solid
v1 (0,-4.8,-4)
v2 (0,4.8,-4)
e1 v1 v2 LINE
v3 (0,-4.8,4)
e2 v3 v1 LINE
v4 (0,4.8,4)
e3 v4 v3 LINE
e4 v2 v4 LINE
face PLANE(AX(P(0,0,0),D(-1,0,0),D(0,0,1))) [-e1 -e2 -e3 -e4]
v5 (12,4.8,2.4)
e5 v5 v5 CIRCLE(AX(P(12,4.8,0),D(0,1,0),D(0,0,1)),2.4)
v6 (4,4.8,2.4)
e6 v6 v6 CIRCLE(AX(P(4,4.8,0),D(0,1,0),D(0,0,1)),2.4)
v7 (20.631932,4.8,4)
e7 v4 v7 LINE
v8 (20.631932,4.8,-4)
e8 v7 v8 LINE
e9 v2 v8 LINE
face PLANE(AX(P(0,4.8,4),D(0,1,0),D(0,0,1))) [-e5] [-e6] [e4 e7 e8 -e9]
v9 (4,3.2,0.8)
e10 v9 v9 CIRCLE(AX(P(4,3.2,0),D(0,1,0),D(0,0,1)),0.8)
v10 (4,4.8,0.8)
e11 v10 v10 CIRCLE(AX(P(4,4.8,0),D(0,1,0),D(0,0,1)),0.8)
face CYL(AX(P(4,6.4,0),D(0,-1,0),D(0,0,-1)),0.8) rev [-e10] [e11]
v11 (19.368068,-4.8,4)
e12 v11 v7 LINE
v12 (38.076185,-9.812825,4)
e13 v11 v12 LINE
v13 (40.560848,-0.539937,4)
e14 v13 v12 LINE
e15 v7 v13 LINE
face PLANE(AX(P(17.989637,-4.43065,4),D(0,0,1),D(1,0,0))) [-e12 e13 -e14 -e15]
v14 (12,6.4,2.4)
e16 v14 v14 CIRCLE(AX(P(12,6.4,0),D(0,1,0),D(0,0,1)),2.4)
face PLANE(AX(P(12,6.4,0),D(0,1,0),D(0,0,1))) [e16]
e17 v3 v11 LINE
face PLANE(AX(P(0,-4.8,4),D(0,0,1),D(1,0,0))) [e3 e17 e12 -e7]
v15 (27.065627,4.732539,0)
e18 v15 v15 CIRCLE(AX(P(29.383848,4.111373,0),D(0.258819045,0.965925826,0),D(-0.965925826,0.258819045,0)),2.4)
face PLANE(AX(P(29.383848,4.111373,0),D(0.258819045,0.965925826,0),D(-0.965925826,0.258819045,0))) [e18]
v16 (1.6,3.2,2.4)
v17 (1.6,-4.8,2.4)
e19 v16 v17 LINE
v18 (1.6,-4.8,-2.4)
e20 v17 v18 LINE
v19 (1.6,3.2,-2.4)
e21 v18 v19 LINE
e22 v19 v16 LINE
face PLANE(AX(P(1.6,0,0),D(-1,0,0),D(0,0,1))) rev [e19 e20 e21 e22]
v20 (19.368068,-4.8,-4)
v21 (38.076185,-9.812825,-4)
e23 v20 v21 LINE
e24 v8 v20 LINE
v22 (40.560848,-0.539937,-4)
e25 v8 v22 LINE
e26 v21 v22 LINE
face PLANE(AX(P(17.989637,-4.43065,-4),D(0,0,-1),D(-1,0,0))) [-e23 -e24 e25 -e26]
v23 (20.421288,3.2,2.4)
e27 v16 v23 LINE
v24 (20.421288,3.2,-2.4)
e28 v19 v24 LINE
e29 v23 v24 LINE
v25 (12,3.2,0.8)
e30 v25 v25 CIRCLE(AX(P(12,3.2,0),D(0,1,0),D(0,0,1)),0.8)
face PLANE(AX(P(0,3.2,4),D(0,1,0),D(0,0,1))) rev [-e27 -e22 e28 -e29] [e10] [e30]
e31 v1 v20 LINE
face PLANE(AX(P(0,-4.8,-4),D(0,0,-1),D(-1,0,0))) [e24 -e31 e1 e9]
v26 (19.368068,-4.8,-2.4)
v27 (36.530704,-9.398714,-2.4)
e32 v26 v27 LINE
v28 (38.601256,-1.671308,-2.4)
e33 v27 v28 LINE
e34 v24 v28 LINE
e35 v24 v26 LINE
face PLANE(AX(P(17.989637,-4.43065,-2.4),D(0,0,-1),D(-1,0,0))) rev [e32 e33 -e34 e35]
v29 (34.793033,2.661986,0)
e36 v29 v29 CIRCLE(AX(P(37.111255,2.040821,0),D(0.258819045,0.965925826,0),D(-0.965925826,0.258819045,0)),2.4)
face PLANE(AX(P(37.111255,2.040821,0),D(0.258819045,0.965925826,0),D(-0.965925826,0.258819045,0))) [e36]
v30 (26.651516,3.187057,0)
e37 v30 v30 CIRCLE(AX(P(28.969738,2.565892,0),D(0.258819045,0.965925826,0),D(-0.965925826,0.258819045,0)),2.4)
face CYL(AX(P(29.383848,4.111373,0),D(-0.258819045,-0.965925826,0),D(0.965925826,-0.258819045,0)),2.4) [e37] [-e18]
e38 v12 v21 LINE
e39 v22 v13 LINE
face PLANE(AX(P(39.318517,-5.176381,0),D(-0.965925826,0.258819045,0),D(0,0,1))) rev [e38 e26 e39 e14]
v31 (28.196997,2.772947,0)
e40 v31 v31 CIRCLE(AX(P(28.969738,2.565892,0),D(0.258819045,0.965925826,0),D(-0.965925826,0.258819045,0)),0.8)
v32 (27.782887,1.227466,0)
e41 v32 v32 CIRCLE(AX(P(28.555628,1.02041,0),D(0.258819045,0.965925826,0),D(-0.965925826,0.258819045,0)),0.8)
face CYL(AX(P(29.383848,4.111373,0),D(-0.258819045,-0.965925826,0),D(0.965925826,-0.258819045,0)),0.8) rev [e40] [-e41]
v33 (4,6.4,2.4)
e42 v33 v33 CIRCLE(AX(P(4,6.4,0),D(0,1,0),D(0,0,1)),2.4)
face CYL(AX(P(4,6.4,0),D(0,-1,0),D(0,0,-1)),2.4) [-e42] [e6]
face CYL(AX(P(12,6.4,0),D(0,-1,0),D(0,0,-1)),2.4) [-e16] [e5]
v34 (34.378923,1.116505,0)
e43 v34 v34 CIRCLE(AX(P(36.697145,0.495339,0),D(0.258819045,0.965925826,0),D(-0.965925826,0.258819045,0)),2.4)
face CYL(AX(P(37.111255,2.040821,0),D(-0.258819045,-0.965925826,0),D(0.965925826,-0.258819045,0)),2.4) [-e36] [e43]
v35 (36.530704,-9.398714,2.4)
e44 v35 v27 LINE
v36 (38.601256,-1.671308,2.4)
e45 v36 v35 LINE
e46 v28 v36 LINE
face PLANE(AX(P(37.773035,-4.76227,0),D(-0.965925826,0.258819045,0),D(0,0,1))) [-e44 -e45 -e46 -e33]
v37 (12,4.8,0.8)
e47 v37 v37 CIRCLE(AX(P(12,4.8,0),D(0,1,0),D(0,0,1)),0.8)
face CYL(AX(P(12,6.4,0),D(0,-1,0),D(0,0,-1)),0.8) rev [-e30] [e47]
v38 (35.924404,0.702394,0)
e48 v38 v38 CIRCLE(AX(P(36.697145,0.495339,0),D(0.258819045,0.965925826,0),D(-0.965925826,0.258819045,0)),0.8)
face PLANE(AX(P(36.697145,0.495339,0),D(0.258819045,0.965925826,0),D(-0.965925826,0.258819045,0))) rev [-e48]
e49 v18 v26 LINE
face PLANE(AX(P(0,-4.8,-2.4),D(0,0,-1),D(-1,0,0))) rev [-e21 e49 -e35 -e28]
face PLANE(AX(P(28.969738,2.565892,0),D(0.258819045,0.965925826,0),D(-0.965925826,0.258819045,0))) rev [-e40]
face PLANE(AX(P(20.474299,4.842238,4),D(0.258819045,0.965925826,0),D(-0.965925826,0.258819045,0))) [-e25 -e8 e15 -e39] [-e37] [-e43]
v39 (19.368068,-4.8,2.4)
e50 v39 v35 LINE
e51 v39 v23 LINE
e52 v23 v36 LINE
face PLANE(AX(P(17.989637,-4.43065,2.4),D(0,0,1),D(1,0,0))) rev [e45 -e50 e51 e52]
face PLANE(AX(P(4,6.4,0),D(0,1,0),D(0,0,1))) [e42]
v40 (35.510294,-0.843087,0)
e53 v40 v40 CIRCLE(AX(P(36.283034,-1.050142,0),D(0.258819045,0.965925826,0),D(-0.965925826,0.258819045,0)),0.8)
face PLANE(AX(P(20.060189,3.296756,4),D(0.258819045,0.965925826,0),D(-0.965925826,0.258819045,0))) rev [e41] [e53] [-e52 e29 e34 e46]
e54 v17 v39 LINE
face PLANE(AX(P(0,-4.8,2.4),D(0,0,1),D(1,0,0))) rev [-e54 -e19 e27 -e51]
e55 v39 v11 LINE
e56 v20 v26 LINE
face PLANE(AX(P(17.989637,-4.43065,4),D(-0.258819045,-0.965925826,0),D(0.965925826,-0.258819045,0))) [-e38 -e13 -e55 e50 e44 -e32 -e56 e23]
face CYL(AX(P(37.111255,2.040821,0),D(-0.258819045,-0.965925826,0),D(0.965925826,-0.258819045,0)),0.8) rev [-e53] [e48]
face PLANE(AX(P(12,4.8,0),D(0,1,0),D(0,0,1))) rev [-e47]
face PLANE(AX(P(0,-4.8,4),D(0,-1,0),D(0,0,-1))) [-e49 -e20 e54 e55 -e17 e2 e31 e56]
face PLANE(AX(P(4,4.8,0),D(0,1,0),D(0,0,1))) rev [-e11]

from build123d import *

# Parameters (mm, degrees)
SKETCH2_W           = 8
SKETCH2_H           = 9.6
SKETCH4_R           = 2.4
BOSS_EXTRUDE1_DEPTH = 1.6
LPATTERN1_COUNT     = 2
LPATTERN1_PITCH     = 8
SKETCH5_R           = 2.4
BOSS_EXTRUDE2_DEPTH = 1.6
LPATTERN2_COUNT     = 2
LPATTERN2_PITCH     = 8
SHELL1_T            = -1.6


with BuildPart() as part:
    # Sweep1: sweep along a path in Sketch3
    with BuildLine(Plane.XY) as sweep1_path:
        Line((0, 0), (20, 0))
        Line((20, 0), (39.318516526, -5.176380902))
    # Sketch2 → Sweep1 (sweep)
    with BuildSketch(Plane(origin=(0, 0, 0), x_dir=(0, 0, -1), z_dir=(1, 0, 0))):
        Rectangle(SKETCH2_W, SKETCH2_H)
    sweep(path=sweep1_path.line, transition=Transition.RIGHT)

    # Sketch4 → Boss-Extrude1 (add)
    with BuildSketch(Plane(origin=(0, 4.8, 0), x_dir=(1, 0, 0), z_dir=(0, 1, 0))):
        with Locations(Location((4, 0, 0), (0, 0, 270))):
            Circle(SKETCH4_R)
    boss_extrude1 = extrude(amount=BOSS_EXTRUDE1_DEPTH)

    # LPattern1: Boss-Extrude1 ×2
    with Locations(*[(i * LPATTERN1_PITCH, 0, 0) for i in range(1, LPATTERN1_COUNT)]):
        add(boss_extrude1)

    # Sketch5 → Boss-Extrude2 (add)
    with BuildSketch(Plane(origin=(2.582077379, 9.636443966, 0), x_dir=(0.9659258262890681, -0.25881904510252135, 0), z_dir=(0.25881904510252135, 0.9659258262890681, 0))):
        with Locations(Location((35.318516526, 0, 0), (0, 0, 180))):
            Circle(SKETCH5_R)
    boss_extrude2 = extrude(amount=BOSS_EXTRUDE2_DEPTH)

    # LPattern2: Boss-Extrude2 ×2
    with Locations(*[Vector(-0.9659258262890681, 0.2588190451025216, 0) * (i * LPATTERN2_PITCH) for i in range(1, LPATTERN2_COUNT)]):
        add(boss_extrude2)

    # Shell1
    shell1_openings = [part.faces().sort_by_distance(p)[0] for p in [
        (9.684034006, -4.8, 0),
        (28.72212656, -7.306412434, 0),
    ]]
    offset(amount=SHELL1_T, openings=shell1_openings, kind=Kind.INTERSECTION)


solid = part.part
